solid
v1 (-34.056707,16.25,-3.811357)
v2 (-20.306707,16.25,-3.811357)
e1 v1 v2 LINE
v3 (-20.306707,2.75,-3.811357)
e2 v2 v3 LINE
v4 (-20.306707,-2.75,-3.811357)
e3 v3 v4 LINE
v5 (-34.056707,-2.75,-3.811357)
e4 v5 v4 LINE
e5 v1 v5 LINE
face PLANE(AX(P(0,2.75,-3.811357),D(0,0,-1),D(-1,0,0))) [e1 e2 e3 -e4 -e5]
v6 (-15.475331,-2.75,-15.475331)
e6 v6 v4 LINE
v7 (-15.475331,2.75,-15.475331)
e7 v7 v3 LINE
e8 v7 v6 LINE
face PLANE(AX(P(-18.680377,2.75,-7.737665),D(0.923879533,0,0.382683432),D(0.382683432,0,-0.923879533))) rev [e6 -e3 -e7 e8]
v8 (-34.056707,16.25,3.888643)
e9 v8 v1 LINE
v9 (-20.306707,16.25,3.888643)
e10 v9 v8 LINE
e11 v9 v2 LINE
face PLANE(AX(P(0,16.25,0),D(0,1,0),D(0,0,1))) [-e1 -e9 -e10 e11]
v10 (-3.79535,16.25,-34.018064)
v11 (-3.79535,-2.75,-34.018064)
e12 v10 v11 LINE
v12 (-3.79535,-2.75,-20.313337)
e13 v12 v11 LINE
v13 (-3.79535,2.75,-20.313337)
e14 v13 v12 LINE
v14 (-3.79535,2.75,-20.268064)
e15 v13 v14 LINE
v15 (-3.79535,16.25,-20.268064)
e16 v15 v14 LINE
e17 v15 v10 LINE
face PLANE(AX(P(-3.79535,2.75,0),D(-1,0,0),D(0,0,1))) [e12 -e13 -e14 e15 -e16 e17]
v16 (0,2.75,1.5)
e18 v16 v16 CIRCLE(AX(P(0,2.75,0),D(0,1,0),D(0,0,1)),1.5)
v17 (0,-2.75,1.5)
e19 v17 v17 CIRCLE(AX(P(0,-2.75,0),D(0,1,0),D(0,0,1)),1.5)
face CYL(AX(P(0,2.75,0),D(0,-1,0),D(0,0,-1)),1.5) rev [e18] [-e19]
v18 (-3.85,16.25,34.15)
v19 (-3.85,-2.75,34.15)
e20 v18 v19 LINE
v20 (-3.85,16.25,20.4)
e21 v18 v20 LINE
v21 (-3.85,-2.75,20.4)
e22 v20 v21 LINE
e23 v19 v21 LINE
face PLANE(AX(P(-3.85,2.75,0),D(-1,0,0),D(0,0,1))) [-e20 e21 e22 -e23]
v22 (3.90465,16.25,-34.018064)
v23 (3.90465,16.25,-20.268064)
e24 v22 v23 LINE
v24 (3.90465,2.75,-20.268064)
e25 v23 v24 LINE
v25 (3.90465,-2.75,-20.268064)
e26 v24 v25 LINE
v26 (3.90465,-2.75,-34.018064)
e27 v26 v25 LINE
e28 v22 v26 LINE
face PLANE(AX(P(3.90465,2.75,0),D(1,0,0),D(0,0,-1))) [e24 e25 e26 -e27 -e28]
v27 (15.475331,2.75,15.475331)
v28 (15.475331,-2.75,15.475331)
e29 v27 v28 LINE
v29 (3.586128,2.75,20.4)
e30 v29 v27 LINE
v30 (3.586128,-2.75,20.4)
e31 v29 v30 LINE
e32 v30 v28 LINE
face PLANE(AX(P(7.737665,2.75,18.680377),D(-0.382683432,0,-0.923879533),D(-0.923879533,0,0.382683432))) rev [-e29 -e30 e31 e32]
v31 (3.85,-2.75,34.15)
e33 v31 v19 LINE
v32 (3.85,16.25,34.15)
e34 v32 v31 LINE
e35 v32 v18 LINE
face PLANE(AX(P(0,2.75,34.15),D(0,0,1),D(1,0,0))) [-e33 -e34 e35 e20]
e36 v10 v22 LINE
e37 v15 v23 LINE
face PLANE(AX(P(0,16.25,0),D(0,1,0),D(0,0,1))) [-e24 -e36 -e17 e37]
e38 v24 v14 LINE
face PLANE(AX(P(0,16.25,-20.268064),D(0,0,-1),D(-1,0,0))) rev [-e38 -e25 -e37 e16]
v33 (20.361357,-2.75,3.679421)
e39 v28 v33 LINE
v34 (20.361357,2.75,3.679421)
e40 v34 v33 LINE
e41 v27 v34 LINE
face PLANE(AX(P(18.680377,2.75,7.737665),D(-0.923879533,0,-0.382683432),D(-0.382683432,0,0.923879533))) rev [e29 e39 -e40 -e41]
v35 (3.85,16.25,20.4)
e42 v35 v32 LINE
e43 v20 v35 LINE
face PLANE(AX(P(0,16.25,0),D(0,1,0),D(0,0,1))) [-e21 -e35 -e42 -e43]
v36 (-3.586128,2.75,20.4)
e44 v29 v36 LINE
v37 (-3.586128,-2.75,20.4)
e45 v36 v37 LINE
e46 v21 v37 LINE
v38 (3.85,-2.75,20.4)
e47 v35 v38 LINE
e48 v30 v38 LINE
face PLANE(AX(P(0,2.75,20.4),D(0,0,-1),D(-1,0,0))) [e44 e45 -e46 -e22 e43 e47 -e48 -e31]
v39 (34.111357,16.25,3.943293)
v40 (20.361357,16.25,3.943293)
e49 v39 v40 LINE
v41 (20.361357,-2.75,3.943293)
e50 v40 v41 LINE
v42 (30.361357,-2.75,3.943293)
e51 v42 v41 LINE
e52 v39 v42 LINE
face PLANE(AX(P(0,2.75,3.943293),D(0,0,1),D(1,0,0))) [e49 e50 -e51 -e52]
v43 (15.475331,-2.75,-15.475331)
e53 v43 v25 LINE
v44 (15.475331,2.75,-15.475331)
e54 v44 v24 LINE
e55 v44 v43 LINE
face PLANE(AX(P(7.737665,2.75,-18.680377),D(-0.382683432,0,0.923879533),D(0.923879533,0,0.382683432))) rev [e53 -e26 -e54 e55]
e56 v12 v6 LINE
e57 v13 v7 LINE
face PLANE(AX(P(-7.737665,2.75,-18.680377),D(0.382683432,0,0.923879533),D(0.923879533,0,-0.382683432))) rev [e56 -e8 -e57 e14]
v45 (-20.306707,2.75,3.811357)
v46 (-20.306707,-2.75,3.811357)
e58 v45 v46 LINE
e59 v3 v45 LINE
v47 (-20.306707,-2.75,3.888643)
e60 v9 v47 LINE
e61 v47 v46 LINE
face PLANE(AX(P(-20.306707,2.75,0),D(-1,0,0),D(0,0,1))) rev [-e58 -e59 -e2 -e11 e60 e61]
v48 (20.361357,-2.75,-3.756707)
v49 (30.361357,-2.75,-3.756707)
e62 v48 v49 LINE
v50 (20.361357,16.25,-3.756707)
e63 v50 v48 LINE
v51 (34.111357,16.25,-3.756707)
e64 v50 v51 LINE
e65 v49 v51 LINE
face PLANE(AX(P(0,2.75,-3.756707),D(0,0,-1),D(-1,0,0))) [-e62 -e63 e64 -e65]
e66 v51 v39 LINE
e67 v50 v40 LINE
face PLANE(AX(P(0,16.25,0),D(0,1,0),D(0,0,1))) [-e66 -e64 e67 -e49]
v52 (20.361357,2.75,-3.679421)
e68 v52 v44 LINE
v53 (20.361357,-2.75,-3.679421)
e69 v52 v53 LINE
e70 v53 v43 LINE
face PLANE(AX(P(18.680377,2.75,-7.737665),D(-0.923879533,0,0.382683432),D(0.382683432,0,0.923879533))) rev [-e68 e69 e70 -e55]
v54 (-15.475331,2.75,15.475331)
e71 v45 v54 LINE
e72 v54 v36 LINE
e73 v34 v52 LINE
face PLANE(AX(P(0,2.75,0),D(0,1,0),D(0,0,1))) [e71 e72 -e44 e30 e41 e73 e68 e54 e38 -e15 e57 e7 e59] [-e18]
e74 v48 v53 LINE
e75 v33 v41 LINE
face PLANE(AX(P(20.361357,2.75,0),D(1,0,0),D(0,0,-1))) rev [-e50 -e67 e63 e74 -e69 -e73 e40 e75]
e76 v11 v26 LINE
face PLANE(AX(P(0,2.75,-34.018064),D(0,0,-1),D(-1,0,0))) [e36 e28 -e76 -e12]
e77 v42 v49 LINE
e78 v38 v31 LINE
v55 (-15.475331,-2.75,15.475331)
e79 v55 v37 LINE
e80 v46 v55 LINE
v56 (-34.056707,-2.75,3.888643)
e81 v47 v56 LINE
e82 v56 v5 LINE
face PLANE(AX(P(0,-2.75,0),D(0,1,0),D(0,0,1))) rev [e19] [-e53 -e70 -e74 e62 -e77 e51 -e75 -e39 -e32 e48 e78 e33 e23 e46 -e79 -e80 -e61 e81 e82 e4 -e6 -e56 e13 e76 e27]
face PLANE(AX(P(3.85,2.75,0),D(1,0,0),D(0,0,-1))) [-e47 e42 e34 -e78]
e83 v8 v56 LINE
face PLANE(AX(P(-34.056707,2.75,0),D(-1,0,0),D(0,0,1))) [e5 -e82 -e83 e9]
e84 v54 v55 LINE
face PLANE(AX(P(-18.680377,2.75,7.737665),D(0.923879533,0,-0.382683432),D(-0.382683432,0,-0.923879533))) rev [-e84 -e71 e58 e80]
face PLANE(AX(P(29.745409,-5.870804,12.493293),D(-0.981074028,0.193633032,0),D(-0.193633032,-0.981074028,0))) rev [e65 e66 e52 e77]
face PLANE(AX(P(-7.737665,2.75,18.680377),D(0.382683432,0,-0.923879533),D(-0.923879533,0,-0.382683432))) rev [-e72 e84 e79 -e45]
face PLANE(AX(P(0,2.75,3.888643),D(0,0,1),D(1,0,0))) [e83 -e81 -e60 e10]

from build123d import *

# Parameters (mm, degrees)
SKETCH1_R           = 1.5
BOSS_EXTRUDE5_DEPTH = 2.75
SKETCH1_10_W        = 7.7
SKETCH1_10_H        = 13.75
SKETCH1_10_W_2      = 13.75
SKETCH1_10_H_2      = 7.7
BOSS_EXTRUDE6_DEPTH = 16.25
CUT_EXTRUDE2_DEPTH  = 16.25


with BuildPart() as part:
    # Sketch1 → Boss-Extrude5 (new, symmetric)
    with BuildSketch(Plane(origin=(0, 0, 0), x_dir=(1, 0, 0), z_dir=(0, 1, 0))):
        Polygon((3.85, -34.15), (3.85, -20.4), (3.586127609, -20.4), (15.475330795, -15.475330795), (20.361356783, -3.679420587), (20.361356783, -3.943292979), (34.111356783, -3.943292979), (34.111356783, 3.756707021), (20.361356783, 3.756707021), (20.361356783, 3.679420587), (15.475330795, 15.475330795), (3.904649762, 20.268063804), (3.904649762, 34.018063804), (-3.795350238, 34.018063804), (-3.795350238, 20.313337149), (-15.475330795, 15.475330795), (-20.306707021, 3.811356783), (-34.056707021, 3.811356783), (-34.056707021, -3.888643217), (-20.306707021, -3.888643217), (-20.306707021, -3.811356783), (-15.475330795, -15.475330795), (-3.586127609, -20.4), (-3.85, -20.4), (-3.85, -34.15), align=None)
        Circle(SKETCH1_R, mode=Mode.SUBTRACT)
    extrude(amount=BOSS_EXTRUDE5_DEPTH, both=True)

    # Sketch1<10> → Boss-Extrude6 (add)
    with BuildSketch(Plane(origin=(0, 0, 0), x_dir=(1, 0, 0), z_dir=(0, 1, 0))):
        with Locations((0, -27.275)):
            Rectangle(SKETCH1_10_W, SKETCH1_10_H)
        with Locations((27.236356783, -0.093292979)):
            Rectangle(SKETCH1_10_W_2, SKETCH1_10_H_2)
        with Locations((-27.181707021, -0.038643217)):
            Rectangle(SKETCH1_10_W_2, SKETCH1_10_H_2)
        with Locations((0.054649762, 27.143063804)):
            Rectangle(SKETCH1_10_W, SKETCH1_10_H)
    extrude(amount=BOSS_EXTRUDE6_DEPTH)

    # Sketch3 → Cut-Extrude2 (cut)
    with BuildSketch(Plane(origin=(0, 0, -3.756707021), x_dir=(-1, 0, 0), z_dir=(0, 0, -1))):
        Polygon((-30.361356783, -2.75), (-34.111356783, 16.25), (-34.111356783, -2.75), align=None)
    extrude(amount=-CUT_EXTRUDE2_DEPTH, mode=Mode.SUBTRACT)


solid = part.part
